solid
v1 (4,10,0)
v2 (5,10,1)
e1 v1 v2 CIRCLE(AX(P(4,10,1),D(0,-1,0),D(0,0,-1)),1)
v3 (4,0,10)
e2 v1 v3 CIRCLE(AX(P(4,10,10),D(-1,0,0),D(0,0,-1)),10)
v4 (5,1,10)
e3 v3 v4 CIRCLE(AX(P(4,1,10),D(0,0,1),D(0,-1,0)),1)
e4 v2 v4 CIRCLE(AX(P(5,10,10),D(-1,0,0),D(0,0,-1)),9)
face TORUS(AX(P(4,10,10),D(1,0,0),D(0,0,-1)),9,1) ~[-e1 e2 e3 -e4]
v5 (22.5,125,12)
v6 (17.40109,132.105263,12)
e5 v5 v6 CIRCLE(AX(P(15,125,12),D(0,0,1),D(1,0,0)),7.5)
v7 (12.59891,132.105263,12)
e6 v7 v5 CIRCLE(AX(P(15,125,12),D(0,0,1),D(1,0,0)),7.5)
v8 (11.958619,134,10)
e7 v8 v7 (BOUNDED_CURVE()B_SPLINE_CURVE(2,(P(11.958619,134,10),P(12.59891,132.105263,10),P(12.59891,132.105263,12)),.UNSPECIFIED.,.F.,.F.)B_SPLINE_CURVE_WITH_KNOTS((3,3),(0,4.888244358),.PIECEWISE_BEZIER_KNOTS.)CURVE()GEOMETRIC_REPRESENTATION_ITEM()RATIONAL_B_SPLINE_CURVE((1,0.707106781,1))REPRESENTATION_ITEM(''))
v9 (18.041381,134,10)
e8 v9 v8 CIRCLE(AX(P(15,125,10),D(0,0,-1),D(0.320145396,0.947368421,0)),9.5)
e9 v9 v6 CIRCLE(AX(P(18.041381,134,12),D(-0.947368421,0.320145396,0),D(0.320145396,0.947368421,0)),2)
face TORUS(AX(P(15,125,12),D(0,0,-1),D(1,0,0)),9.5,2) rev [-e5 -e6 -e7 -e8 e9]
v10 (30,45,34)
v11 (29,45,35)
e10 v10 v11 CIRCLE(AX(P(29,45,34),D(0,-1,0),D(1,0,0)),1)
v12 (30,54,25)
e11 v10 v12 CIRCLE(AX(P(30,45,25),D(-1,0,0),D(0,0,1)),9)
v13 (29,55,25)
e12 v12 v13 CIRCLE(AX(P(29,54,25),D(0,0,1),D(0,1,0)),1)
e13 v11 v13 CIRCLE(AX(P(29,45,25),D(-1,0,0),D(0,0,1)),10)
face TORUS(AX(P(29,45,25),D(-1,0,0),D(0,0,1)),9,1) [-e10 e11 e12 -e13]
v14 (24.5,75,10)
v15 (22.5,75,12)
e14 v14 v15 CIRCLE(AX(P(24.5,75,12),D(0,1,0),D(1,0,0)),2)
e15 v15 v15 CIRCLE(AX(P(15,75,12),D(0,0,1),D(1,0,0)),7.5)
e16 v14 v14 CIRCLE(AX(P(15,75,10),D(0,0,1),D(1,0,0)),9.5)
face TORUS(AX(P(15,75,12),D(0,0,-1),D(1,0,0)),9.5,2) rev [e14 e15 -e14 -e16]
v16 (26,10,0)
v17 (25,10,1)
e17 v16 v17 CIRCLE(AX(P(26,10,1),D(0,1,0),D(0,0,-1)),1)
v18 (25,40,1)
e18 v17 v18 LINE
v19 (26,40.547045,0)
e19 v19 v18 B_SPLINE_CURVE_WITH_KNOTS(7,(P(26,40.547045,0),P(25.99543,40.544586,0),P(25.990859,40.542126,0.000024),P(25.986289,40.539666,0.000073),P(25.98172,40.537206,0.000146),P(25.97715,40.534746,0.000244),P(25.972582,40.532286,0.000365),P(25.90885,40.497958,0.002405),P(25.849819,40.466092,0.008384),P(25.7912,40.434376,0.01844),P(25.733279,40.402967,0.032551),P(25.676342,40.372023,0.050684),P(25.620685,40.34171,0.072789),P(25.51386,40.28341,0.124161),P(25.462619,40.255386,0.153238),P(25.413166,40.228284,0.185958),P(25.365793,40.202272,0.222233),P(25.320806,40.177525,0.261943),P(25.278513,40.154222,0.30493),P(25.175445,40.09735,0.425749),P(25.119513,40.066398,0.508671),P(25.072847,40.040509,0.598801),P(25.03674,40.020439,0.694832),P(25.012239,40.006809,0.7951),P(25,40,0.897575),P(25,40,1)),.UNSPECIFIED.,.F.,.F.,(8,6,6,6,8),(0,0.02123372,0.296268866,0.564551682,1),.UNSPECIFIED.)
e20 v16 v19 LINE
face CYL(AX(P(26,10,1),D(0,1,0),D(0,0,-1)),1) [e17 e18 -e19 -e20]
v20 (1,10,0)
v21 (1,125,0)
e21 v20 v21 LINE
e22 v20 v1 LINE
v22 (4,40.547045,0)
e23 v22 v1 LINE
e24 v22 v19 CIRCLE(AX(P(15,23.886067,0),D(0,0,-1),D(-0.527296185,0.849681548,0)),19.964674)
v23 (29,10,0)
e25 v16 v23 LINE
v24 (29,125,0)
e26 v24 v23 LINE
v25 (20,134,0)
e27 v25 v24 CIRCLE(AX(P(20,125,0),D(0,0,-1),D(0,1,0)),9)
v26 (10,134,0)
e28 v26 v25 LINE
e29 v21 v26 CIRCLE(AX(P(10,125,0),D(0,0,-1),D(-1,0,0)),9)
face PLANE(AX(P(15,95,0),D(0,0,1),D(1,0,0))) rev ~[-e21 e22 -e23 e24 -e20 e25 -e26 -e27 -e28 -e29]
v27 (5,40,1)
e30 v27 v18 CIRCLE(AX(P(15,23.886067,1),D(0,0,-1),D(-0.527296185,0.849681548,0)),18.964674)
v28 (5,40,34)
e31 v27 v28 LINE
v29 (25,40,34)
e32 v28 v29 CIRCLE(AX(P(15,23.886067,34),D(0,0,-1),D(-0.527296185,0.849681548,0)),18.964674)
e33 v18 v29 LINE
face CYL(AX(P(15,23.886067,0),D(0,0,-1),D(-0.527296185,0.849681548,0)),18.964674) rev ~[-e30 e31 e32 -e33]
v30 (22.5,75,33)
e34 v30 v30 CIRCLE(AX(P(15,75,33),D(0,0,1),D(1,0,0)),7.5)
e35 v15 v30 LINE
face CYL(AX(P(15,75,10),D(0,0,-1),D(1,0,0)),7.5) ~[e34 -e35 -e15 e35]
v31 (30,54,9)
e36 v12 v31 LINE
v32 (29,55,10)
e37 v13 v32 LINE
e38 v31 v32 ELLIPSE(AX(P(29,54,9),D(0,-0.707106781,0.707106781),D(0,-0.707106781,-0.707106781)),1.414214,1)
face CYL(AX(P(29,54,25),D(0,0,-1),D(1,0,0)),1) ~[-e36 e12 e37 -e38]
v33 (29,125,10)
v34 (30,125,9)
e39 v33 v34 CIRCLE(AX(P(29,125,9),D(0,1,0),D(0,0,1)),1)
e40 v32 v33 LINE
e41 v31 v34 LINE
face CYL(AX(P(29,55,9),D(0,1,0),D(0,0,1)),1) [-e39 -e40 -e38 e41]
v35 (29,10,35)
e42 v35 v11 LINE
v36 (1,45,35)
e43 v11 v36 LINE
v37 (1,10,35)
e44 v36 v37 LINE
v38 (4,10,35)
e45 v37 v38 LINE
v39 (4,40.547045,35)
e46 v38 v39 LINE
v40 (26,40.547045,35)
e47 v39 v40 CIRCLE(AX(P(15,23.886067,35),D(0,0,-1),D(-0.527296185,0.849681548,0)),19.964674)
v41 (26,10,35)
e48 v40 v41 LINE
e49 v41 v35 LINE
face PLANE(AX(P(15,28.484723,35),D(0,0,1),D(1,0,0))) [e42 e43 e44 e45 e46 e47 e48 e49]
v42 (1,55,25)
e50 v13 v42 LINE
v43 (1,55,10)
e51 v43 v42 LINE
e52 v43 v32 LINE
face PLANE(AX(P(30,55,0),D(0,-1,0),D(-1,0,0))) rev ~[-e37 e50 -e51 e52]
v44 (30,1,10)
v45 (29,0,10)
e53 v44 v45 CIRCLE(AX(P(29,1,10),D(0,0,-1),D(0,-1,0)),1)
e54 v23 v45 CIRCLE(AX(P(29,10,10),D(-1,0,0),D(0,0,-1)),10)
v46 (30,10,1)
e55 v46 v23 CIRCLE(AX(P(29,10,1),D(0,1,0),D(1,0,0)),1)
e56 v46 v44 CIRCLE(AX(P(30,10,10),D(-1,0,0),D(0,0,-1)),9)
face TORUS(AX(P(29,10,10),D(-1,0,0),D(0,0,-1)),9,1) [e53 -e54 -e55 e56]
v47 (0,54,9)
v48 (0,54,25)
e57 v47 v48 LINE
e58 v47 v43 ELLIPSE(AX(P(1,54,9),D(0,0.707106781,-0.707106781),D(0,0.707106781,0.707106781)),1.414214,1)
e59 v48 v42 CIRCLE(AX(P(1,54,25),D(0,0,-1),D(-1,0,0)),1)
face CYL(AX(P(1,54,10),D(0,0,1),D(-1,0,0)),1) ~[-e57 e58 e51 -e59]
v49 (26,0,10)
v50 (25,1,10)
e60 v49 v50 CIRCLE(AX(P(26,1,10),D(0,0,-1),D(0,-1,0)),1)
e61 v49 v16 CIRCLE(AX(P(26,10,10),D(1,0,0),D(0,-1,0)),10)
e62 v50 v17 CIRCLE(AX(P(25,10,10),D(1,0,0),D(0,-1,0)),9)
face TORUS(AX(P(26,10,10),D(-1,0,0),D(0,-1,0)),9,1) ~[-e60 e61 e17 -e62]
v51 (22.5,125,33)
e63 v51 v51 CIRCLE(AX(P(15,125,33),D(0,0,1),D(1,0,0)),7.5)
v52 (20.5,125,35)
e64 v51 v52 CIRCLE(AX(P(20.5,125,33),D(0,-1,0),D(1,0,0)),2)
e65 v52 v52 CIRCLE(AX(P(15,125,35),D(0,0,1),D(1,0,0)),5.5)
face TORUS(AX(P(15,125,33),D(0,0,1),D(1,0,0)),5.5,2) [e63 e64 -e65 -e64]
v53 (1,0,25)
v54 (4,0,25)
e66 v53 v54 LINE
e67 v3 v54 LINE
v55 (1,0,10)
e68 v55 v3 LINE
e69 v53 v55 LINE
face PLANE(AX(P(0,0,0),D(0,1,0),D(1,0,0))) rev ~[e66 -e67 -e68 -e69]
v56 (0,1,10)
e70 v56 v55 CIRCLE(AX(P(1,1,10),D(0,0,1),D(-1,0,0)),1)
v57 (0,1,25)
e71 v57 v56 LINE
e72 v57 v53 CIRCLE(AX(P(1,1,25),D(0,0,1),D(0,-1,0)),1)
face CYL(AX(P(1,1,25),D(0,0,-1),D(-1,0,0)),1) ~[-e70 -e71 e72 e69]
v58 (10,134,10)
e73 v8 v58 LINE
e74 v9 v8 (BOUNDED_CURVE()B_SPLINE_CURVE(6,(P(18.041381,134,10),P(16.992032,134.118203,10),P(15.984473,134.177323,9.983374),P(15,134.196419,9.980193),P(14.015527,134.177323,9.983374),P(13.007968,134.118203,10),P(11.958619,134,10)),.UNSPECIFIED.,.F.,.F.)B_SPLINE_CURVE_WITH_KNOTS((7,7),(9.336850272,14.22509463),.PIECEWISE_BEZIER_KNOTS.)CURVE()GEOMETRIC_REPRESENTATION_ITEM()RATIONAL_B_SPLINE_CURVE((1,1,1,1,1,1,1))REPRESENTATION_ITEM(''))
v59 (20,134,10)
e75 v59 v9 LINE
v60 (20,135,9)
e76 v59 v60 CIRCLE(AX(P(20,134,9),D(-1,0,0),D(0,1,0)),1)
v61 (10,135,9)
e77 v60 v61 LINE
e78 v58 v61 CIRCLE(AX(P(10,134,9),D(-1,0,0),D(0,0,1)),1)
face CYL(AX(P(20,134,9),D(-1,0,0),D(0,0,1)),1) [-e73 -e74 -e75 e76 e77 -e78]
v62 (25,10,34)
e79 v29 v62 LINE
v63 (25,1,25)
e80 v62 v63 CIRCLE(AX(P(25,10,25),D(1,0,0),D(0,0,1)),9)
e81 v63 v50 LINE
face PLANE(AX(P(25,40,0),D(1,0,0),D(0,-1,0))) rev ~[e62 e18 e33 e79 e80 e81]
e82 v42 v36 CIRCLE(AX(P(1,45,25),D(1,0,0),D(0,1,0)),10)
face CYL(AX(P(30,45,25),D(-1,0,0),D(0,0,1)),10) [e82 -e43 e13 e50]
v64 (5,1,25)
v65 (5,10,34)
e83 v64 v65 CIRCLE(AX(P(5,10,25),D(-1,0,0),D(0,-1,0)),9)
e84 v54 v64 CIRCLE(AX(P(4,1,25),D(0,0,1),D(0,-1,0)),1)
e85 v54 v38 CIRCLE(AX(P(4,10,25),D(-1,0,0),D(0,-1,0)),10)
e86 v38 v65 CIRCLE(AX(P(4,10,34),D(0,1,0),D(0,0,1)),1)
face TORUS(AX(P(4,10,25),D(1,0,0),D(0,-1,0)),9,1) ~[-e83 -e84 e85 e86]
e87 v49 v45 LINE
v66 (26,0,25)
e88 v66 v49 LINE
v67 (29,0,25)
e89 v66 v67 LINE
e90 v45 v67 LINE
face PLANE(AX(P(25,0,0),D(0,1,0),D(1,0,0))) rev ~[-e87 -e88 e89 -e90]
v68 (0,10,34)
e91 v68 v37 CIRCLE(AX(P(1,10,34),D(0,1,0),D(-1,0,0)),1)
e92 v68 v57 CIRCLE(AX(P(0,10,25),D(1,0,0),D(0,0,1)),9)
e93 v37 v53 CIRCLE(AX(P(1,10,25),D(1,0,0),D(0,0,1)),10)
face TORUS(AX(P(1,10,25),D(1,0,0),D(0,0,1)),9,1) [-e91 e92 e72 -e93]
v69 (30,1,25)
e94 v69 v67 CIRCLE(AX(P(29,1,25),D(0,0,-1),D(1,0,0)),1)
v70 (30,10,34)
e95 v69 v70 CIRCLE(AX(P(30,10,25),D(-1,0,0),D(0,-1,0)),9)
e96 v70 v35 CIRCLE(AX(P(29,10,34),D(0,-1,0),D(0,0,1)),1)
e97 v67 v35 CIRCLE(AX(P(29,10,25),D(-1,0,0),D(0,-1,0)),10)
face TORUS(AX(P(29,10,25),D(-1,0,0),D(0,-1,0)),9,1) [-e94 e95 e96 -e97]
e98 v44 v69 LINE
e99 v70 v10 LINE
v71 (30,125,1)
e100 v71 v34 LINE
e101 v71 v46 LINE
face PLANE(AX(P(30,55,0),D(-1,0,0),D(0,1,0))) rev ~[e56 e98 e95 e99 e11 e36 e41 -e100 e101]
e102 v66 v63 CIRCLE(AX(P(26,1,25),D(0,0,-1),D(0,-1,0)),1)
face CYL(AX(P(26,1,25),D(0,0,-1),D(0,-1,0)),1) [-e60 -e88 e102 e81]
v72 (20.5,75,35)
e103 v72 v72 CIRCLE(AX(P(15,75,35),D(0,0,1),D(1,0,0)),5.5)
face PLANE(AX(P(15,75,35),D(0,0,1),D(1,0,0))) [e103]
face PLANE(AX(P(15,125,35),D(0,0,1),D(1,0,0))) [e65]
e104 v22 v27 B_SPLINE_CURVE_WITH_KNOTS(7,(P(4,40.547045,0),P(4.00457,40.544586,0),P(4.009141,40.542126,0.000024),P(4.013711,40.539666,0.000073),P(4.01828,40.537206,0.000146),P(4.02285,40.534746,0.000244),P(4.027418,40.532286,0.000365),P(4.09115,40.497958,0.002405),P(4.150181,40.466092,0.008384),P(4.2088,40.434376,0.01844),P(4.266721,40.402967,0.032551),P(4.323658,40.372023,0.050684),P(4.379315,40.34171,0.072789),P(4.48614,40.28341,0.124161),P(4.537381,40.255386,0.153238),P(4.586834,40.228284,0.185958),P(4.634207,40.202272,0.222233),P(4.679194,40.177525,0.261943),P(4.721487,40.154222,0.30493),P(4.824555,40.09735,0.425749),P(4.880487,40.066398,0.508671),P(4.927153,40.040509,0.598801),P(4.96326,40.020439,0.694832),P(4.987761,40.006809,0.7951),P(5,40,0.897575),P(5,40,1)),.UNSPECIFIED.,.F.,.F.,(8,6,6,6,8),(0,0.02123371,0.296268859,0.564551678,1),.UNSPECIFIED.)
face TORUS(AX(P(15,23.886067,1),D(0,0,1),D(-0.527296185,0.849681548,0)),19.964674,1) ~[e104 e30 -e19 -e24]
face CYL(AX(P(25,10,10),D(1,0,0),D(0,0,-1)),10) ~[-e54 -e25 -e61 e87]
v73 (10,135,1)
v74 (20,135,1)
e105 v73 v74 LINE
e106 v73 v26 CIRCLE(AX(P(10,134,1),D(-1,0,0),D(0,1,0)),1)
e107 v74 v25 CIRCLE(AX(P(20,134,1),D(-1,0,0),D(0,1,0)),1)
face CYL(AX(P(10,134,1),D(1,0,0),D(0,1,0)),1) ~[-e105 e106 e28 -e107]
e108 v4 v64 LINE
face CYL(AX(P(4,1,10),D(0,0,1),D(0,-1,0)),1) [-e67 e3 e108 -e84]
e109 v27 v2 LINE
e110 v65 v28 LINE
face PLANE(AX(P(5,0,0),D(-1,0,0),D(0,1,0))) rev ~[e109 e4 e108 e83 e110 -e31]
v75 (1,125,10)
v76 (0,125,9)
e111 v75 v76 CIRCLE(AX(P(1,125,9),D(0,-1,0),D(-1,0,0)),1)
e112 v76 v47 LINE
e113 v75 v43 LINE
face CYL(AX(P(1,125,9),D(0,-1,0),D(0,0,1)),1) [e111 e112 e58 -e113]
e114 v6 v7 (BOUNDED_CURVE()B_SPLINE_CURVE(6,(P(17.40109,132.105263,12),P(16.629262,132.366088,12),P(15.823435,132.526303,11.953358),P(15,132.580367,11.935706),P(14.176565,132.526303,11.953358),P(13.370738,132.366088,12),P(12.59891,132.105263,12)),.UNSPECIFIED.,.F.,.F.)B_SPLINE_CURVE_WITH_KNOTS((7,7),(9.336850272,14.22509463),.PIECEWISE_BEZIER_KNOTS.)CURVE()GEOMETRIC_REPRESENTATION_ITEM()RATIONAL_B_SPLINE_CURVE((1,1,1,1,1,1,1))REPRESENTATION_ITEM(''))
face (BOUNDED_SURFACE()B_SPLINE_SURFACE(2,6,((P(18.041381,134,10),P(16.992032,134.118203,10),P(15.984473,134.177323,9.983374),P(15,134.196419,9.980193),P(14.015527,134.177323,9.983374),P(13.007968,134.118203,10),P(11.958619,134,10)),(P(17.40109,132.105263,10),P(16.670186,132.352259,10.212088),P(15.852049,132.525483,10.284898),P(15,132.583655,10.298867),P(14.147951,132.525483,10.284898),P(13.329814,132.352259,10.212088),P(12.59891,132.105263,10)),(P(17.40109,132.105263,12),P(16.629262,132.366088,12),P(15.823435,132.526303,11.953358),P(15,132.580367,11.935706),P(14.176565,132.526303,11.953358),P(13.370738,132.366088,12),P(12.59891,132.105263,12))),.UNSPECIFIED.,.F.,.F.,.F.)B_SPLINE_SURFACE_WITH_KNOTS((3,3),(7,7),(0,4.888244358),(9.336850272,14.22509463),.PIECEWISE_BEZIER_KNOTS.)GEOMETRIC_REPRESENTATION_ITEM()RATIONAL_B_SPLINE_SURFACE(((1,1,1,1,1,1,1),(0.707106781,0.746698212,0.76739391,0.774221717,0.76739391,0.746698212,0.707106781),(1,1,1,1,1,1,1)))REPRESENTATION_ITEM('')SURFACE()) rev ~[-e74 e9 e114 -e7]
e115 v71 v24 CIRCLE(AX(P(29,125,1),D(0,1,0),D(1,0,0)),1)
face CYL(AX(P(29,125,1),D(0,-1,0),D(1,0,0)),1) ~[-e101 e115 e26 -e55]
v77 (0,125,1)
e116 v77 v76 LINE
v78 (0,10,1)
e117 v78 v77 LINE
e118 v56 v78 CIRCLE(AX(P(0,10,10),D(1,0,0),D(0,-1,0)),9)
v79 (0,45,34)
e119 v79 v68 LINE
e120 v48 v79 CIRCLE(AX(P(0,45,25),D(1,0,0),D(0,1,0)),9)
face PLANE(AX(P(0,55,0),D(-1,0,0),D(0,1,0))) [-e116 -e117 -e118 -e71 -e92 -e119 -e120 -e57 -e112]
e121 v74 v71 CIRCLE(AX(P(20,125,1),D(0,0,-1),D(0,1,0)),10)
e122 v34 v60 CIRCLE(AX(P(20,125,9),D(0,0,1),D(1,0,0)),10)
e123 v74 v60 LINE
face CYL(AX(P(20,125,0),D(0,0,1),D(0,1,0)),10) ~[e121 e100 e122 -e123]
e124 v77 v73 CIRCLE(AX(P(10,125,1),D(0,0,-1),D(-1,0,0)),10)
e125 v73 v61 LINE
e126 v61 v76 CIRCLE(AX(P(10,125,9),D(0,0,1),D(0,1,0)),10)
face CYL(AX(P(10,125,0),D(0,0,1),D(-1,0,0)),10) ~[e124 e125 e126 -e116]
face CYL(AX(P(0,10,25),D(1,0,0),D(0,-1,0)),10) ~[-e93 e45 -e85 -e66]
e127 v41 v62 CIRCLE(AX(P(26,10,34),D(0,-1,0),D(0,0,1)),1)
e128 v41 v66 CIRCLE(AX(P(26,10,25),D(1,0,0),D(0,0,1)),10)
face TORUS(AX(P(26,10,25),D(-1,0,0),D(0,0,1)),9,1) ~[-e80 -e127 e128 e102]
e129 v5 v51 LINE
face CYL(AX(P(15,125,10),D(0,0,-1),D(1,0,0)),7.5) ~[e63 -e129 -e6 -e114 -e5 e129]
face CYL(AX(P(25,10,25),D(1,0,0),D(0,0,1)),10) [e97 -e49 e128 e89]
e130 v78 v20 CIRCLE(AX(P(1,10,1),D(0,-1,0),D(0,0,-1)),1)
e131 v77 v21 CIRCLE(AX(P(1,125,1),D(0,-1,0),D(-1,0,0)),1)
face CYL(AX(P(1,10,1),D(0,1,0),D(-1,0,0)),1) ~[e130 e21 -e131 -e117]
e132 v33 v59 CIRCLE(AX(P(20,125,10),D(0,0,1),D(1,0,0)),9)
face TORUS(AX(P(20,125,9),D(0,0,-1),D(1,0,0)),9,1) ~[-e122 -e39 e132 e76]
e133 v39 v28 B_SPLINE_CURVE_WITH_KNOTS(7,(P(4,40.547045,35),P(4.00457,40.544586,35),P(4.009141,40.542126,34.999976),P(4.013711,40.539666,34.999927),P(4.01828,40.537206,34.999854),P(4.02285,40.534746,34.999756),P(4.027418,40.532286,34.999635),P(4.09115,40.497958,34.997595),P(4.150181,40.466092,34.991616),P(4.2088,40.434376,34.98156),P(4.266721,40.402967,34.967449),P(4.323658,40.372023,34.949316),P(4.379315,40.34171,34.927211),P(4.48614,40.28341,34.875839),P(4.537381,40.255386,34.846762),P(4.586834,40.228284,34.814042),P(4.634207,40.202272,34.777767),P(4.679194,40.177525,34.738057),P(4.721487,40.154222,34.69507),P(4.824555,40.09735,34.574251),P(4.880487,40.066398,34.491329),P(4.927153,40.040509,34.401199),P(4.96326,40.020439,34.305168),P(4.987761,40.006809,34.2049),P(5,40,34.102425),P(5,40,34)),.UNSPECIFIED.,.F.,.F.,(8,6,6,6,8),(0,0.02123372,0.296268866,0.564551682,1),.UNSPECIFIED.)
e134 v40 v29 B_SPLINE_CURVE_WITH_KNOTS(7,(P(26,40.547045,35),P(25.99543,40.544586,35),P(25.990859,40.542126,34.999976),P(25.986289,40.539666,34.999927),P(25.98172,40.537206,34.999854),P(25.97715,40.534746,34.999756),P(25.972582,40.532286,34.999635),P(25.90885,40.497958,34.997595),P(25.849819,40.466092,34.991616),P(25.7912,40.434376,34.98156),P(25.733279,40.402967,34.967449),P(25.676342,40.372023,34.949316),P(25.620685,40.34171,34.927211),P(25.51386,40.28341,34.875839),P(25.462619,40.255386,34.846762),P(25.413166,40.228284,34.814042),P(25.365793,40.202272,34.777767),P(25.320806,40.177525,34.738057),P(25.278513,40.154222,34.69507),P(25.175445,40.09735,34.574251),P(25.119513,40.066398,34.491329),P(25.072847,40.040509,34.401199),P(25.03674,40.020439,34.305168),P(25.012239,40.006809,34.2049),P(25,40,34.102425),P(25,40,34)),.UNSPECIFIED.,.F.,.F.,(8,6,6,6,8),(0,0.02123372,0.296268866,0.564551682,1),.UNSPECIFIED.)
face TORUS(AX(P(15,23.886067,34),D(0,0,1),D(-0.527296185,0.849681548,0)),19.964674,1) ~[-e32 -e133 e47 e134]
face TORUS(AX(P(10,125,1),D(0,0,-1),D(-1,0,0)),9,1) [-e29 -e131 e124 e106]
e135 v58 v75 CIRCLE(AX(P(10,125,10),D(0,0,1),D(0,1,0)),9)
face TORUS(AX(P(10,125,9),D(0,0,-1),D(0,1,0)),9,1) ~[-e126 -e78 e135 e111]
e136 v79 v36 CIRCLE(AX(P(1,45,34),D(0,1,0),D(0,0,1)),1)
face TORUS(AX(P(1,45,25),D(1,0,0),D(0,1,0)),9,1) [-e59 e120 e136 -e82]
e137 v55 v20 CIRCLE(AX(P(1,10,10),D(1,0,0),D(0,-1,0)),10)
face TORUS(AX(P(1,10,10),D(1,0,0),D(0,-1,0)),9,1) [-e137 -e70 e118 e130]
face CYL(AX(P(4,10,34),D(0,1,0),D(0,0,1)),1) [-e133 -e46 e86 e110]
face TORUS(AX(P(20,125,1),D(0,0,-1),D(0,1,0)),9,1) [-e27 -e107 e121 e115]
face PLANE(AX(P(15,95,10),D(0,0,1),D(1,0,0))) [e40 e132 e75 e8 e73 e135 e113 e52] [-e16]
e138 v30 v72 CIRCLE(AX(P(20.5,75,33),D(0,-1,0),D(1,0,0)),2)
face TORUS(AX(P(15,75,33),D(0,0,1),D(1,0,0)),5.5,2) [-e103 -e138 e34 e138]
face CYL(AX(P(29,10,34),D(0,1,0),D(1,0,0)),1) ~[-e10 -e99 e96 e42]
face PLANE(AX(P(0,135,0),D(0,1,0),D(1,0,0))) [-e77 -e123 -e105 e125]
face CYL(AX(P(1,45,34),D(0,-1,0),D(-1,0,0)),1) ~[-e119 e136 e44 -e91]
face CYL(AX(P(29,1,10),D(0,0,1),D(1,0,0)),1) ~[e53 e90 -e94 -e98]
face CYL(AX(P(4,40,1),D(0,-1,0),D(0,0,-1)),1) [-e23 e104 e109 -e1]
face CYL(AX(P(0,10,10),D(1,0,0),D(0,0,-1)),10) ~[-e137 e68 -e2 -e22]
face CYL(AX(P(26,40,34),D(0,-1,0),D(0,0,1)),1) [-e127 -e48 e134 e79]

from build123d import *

# Parameters (mm, degrees)
F1_DEPTH = 35
F0_W     = 30
F0_H     = 80
F2_DEPTH = 10
F3_R     = 7.5
F4_DEPTH = 25
F5_R     = 10
F6_R     = 1
F7_R     = 2
F8_R     = 1


with BuildPart() as f1:
    # F0 (on Top) → F1 (new body)
    with BuildSketch(Plane.XY):
        with BuildLine():
            Line((30, 55), (0, 55))
            Line((0, 55), (0, 0))
            Line((0, 0), (5, 0))
            Line((5, 0), (5, 40))
            ThreePointArc((5, 40), (15, 42.8507403618), (25, 40))
            Line((25, 40), (25, 0))
            Line((25, 0), (30, 0))
            Line((30, 0), (30, 55))
        make_face()
    extrude(amount=F1_DEPTH)

    # F0 (on Top) → F2 (join)
    with BuildSketch(Plane.XY):
        with Locations((15, 95)):
            Rectangle(F0_W, F0_H)
    extrude(amount=F2_DEPTH)

    # F3 (on face) → F4 (join, through all)
    with BuildSketch(Plane.XY.offset(10)):
        with Locations((15, 125)):
            Circle(F3_R)
        with Locations((15, 75)):
            Circle(F3_R)
    extrude(amount=F4_DEPTH)

    # F5
    f5_edges = [f1.edges().sort_by_distance(p)[0] for p in [
        (0, 135, 5),
        (30, 135, 5),
        (15, 55, 35),
        (27.5, 0, 35),
        (2.5, 0, 35),
        (27.5, 0, 0),
        (2.5, 0, 0),
    ]]
    fillet(f5_edges, radius=F5_R)

    # F6
    f6_edges = [f1.edges().sort_by_distance(p)[0] for p in [
        (30, 0, 17.5),
        (30, 2.928932, 2.928932),
        (30, 2.928932, 32.071068),
        (30, 67.5, 0),
        (30, 27.5, 35),
        (30, 125, 5),
        (30, 52.071068, 32.071068),
        (30, 90, 10),
        (30, 55, 17.5),
    ]]
    fillet(f6_edges, radius=F6_R)

    # F7
    f7_edges = [f1.edges().sort_by_distance(p)[0] for p in [
        (7.5, 75, 10),
        (7.5, 125, 10),
        (7.5, 125, 35),
        (7.5, 75, 35),
    ]]
    fillet(f7_edges, radius=F7_R)

    # F8
    f8_edges = [f1.edges().sort_by_distance(p)[0] for p in [
        (5, 25, 35),
        (15, 42.85074, 35),
        (25, 25, 35),
        (15, 42.85074, 0),
    ]]
    fillet(f8_edges, radius=F8_R)


solid = f1.part
